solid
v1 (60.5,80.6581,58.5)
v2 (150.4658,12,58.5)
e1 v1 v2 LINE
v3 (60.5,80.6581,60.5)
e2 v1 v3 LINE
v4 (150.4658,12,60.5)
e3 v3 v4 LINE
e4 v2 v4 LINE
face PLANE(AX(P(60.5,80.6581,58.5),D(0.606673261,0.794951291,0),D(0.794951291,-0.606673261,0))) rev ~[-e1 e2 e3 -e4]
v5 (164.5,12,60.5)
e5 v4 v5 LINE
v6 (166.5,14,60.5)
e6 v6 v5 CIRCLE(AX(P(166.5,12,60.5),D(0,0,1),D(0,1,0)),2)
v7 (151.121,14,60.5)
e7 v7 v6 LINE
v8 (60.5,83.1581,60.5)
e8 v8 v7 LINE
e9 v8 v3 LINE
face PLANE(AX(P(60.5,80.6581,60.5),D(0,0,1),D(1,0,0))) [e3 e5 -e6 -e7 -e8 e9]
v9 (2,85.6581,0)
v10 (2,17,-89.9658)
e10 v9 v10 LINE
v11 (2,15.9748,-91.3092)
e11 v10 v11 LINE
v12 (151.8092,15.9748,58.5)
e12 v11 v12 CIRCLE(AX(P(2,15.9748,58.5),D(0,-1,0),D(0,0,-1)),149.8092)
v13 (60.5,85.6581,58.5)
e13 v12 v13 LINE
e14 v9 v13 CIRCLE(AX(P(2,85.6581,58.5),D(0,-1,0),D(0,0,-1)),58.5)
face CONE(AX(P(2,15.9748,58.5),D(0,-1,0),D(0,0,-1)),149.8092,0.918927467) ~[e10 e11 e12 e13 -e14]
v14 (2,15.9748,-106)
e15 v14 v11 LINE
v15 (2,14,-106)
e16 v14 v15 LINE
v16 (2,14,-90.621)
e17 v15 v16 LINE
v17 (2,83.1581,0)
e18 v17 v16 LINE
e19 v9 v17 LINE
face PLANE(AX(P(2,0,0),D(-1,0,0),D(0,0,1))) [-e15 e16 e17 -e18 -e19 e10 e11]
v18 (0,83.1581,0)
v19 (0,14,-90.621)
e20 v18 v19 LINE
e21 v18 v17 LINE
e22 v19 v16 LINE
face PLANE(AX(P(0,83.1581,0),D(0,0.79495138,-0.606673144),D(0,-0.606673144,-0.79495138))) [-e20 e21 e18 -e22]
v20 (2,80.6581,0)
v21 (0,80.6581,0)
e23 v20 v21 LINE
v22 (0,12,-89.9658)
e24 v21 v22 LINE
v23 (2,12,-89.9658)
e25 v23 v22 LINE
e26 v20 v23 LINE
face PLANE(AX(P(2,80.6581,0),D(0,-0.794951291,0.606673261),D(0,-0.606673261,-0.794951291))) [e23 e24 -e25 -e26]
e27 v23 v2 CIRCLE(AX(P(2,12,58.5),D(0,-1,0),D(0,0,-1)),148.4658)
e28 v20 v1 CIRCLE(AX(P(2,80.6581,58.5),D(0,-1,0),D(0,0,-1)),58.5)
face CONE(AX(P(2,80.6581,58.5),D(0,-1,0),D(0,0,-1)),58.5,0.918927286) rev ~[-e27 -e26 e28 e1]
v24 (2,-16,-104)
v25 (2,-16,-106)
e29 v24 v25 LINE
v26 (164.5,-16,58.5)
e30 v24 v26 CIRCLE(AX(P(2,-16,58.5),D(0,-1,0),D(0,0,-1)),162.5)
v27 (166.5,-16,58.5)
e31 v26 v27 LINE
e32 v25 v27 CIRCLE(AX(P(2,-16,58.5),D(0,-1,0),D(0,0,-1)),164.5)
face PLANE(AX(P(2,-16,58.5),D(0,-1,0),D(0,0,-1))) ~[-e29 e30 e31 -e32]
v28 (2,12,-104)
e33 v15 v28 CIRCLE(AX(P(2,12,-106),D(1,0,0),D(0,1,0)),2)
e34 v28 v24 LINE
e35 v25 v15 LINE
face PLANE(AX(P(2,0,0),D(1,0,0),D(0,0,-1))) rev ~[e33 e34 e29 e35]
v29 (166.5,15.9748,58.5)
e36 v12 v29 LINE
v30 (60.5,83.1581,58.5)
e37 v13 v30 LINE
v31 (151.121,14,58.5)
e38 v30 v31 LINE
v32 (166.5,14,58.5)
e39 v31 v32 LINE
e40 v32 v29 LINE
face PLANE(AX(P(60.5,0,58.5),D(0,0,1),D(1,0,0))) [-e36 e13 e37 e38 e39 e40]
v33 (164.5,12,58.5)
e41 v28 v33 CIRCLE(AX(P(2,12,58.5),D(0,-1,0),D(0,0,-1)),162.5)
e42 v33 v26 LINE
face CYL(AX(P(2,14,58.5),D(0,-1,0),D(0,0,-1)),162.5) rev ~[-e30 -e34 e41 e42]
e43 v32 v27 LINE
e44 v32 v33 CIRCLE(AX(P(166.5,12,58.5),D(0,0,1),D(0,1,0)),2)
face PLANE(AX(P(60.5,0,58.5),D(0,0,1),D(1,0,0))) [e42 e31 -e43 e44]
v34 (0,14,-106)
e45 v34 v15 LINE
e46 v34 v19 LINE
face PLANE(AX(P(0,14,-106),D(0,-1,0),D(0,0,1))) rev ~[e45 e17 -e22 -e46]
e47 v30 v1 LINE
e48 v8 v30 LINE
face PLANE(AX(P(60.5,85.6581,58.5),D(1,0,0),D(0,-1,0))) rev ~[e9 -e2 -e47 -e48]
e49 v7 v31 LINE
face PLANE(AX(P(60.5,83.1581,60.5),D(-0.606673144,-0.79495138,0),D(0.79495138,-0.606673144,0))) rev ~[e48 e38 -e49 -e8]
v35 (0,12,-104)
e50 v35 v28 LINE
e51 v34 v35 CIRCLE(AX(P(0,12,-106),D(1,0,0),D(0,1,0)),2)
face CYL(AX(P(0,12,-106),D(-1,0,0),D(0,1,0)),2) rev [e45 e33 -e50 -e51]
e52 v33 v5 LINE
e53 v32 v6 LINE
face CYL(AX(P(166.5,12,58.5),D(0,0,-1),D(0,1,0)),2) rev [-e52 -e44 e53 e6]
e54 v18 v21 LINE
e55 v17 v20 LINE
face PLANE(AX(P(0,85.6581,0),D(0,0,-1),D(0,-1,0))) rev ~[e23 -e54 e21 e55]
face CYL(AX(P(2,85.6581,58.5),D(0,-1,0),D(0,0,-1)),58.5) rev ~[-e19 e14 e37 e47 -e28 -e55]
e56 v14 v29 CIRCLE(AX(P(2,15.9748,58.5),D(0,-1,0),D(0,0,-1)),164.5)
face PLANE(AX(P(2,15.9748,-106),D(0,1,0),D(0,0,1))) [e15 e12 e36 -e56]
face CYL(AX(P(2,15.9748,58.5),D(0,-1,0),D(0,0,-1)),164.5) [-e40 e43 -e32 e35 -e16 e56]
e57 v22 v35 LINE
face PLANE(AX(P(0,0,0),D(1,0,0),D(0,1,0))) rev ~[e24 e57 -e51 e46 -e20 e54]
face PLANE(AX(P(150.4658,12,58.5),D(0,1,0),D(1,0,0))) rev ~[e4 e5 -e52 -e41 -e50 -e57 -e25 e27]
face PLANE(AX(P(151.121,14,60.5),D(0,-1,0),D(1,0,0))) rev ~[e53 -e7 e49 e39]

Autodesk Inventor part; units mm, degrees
ref_plane "YZ Plane" through (0, 0, 0) normal (1, 0, 0) x (0, 1, 0)
ref_plane "XZ Plane" through (0, 0, 0) normal (0, 1, 0) x (-1, 0, 0)
ref_plane "XY Plane" through (0, 0, 0) normal (0, 0, 1) x (1, 0, 0)
sketch "Sketch1" plane through (0, 0, 0) normal (1, 0, 0) x (0, 1, 0)
  line L0 (0, 0) -> (0, -104)
  line L1 (79.3684, 0) -> (0, -104)
  line L2 (79.3684, 0) -> (0, 0)
  line L3 (0, -104) -> (0, -104)
  line L4 (0, -104) -> (0, -106)
  line L5 (0, -106) -> (0, -106)
  line L6 (12, -88.2759) -> (12, -121.4374)
  line L7 (17, -106) -> (0, -106)
  line L8 (17, -104) -> (0, -104)
  line L9 (85.6581, 0) -> (17, -89.9658)
  line L10 (105.5294, 0) -> (79.3684, 0)
  line L11 (17, -89.9658) -> (17, -119.3457)
  circle A0 centre (12, -106) radius 2
  point P0 (12, -104)
  point P1 (14, -106)
  dimension "d5" = 79.3684
  dimension "d6" = 104
  dimension "d7" = 12
  dimension "d8" = 88.2759
  dimension "d9" = 0
  dimension "d11" = 2
  dimension "d12" = 5
  dimension "d13" = 5
extrude "Extrusion1" add sketch "Sketch1" along normal blind 2 contours L10 L9 L11 L8 L6 L1 | L8 L11 L7 A0
sketch "Sketch2" plane through (2, 0, 0) normal (1, 0, 0) x (0, 0, -1)
  line L0 (0, 85.6581) -> (0, 79.3684) projected
  line L1 (0, 80.6581) -> (89.9658, 12)
  line L2 (88.2759, 12) -> (104, 12) projected
  line L3 (0, 79.3684) -> (88.2759, 12) projected
  line L4 (102.4983, 12) -> (102.4983, 15.9748)
  line L5 (89.9658, 17) -> (0, 85.6581) projected
  line L6 (106, 14) -> (106, 17) projected
  line L7 (106, 15.9748) -> (91.3092, 15.9748)
  line L8 (0, 85.6581) -> (91.3092, 15.9748)
  line L9 (106, 15.9748) -> (106, 17)
  line L10 (106, 17) -> (89.9658, 17) projected
  line L11 (106, 15.9748) -> (106, 17)
  line L12 (106, 17) -> (89.9658, 17)
  point P0 (0, 0)
  dimension "d18" = 5
  dimension "d19" = 3.9748
  dimension "d20" = 3.9748
extrude "Extrusion2" cut sketch "Sketch2" against normal blind 2 contours L1 L2 L3 L0 | L10 L6 L7 L8
sketch "Sketch3" plane through (2, 0, 0) normal (1, 0, 0) x (0, 0, -1)
  line L0 (91.3092, 15.9748) -> (0, 85.6581) projected
  line L1 (0, 85.6581) -> (91.3092, 15.9748)
  line L2 (91.3092, 15.9748) -> (106, 15.9748) projected
  line L3 (91.3092, 15.9748) -> (106, 15.9748)
  arc A0 (106, 14) -> (104, 12) centre (106, 12) ccw projected
  line L4 (106, 15.9748) -> (106, 14)
  circle A1 centre (106, 12) radius 2
  line L5 (89.9658, 12) -> (104, 12) projected
  line L6 (89.9658, 12) -> (104, 12)
  line L7 (0, 85.6581) -> (0, 80.6581) projected
  line L8 (0, 85.6581) -> (0, 80.6581)
  line L9 (0, 80.6581) -> (89.9658, 12)
  line L10 (0, 83.1581) -> (-58.5, 83.1581)
  line L11 (0, 85.6581) -> (0, 80.6581) projected
  line L12 (-58.5, 83.1581) -> (-58.5, 115.0333)
  line L13 (106, 14) -> (104, 14)
  line L14 (104, 14) -> (104, -16)
  line L15 (104, -16) -> (106, -16)
  line L16 (106, -16) -> (106, 14)
  point P0 (0, 0)
  dimension "d21" = 58.5
  dimension "d32" = 30
revolve "Revolution1" add sketch "Sketch3" angle 90 about axis through (2, 83.1581, 58.5) along (0, -1, 0) contours L2 L4 L13 L14 L5 L9 L7 L0 | L16 A1 A0 | A0 L14 L13 | A1 L16 L15 L14
sketch "Sketch14" plane through (166.5, -16, 58.5) normal (0, 0, 1) x (1, 0, 0)
  line L0 (-14.6908, 31.9748) -> (-106, 101.6581) projected
  line L1 (-106, 96.6581) -> (-16.0342, 28) projected
  line L2 (-106, 101.6581) -> (-106, 96.6581)
  line L3 (-16.0342, 28) -> (-2, 28) projected
  line L4 (-106, 96.6581) -> (-16.0342, 28)
  point P0 (-166.5, 16)
sketch "Sketch4" plane through (60.5, 80.6581, 58.5) normal (0, 0, 1) x (1, 0, 0)
  line L0 (0, 5) -> (0, 0) projected
  line L1 (0, 5) -> (0, 0)
  line L2 (0, 0) -> (89.9658, -68.6581) projected
  line L3 (0, 0) -> (89.9658, -68.6581)
  line L4 (89.9658, -68.6581) -> (104, -68.6581) projected
  line L5 (89.9658, -68.6581) -> (104, -68.6581)
  line L6 (106, -66.6581) -> (106, -64.6834) projected
  line L7 (106, -66.6581) -> (106, -64.6834)
  line L8 (91.3092, -64.6834) -> (0, 5) projected
  line L9 (106, -64.6834) -> (91.3092, -64.6834)
  line L10 (91.3092, -64.6834) -> (0, 5)
  arc A0 (106, -66.6581) -> (104, -68.6581) centre (106, -68.6581) ccw projected
  circle A1 centre (106, -68.6581) radius 2
  point P0 (-60.5, -80.6581)
extrude "Extrusion3" add sketch "Sketch4" along normal blind 2 contours L8 L9 L6 A0 L4 L2 L0
sketch "Sketch5" plane through (60.5, 80.6581, 60.5) normal (0, 0, 1) x (1, 0, 0)
  line L0 (0, 5) -> (0, 0) projected
  line L1 (0, 2.5) -> (90.621, -66.6581)
  line L2 (-58.5, -66.6581) -> (106, -66.6581) projected
  line L3 (91.3092, -64.6834) -> (0, 5) projected
  line L4 (90.621, -66.6581) -> (106, -66.6581)
  line L5 (106, -66.6581) -> (106, -64.6834) projected
  line L6 (106, -64.6834) -> (91.3092, -64.6834) projected
  line L7 (106, -64.6834) -> (91.3092, -64.6834)
  line L8 (-58.5, 5) -> (0, 5) projected
  line L9 (91.3092, -64.6834) -> (0, 5)
  line L10 (0, 5) -> (0, 2.5)
  point P0 (-60.5, -80.6581)
extrude "Extrusion4" cut sketch "Sketch5" against normal blind 2
sketch "Sketch6" plane through (0, 0, 0) normal (-1, 0, 0) x (0, 0, 1)
  line L0 (0, 85.6581) -> (0, 80.6581) projected
  line L1 (0, 83.1581) -> (-90.621, 14)
  line L2 (-106, 14) -> (58.5, 14) projected
  line L3 (-91.3092, 15.9748) -> (0, 85.6581) projected
  line L4 (-106, 14) -> (-106, 15.9748) projected
  line L5 (-90.621, 14) -> (-106, 14)
  line L6 (-106, 14) -> (-106, 15.9748)
  line L7 (-106, 15.9748) -> (-91.3092, 15.9748)
  line L8 (0, 85.6581) -> (0, 83.1581)
  point P0 (0, 0)
extrude "Extrusion5" cut sketch "Sketch6" against normal blind 2
equation "\"d19\" = d20"
properties part number "Cover_v1"
